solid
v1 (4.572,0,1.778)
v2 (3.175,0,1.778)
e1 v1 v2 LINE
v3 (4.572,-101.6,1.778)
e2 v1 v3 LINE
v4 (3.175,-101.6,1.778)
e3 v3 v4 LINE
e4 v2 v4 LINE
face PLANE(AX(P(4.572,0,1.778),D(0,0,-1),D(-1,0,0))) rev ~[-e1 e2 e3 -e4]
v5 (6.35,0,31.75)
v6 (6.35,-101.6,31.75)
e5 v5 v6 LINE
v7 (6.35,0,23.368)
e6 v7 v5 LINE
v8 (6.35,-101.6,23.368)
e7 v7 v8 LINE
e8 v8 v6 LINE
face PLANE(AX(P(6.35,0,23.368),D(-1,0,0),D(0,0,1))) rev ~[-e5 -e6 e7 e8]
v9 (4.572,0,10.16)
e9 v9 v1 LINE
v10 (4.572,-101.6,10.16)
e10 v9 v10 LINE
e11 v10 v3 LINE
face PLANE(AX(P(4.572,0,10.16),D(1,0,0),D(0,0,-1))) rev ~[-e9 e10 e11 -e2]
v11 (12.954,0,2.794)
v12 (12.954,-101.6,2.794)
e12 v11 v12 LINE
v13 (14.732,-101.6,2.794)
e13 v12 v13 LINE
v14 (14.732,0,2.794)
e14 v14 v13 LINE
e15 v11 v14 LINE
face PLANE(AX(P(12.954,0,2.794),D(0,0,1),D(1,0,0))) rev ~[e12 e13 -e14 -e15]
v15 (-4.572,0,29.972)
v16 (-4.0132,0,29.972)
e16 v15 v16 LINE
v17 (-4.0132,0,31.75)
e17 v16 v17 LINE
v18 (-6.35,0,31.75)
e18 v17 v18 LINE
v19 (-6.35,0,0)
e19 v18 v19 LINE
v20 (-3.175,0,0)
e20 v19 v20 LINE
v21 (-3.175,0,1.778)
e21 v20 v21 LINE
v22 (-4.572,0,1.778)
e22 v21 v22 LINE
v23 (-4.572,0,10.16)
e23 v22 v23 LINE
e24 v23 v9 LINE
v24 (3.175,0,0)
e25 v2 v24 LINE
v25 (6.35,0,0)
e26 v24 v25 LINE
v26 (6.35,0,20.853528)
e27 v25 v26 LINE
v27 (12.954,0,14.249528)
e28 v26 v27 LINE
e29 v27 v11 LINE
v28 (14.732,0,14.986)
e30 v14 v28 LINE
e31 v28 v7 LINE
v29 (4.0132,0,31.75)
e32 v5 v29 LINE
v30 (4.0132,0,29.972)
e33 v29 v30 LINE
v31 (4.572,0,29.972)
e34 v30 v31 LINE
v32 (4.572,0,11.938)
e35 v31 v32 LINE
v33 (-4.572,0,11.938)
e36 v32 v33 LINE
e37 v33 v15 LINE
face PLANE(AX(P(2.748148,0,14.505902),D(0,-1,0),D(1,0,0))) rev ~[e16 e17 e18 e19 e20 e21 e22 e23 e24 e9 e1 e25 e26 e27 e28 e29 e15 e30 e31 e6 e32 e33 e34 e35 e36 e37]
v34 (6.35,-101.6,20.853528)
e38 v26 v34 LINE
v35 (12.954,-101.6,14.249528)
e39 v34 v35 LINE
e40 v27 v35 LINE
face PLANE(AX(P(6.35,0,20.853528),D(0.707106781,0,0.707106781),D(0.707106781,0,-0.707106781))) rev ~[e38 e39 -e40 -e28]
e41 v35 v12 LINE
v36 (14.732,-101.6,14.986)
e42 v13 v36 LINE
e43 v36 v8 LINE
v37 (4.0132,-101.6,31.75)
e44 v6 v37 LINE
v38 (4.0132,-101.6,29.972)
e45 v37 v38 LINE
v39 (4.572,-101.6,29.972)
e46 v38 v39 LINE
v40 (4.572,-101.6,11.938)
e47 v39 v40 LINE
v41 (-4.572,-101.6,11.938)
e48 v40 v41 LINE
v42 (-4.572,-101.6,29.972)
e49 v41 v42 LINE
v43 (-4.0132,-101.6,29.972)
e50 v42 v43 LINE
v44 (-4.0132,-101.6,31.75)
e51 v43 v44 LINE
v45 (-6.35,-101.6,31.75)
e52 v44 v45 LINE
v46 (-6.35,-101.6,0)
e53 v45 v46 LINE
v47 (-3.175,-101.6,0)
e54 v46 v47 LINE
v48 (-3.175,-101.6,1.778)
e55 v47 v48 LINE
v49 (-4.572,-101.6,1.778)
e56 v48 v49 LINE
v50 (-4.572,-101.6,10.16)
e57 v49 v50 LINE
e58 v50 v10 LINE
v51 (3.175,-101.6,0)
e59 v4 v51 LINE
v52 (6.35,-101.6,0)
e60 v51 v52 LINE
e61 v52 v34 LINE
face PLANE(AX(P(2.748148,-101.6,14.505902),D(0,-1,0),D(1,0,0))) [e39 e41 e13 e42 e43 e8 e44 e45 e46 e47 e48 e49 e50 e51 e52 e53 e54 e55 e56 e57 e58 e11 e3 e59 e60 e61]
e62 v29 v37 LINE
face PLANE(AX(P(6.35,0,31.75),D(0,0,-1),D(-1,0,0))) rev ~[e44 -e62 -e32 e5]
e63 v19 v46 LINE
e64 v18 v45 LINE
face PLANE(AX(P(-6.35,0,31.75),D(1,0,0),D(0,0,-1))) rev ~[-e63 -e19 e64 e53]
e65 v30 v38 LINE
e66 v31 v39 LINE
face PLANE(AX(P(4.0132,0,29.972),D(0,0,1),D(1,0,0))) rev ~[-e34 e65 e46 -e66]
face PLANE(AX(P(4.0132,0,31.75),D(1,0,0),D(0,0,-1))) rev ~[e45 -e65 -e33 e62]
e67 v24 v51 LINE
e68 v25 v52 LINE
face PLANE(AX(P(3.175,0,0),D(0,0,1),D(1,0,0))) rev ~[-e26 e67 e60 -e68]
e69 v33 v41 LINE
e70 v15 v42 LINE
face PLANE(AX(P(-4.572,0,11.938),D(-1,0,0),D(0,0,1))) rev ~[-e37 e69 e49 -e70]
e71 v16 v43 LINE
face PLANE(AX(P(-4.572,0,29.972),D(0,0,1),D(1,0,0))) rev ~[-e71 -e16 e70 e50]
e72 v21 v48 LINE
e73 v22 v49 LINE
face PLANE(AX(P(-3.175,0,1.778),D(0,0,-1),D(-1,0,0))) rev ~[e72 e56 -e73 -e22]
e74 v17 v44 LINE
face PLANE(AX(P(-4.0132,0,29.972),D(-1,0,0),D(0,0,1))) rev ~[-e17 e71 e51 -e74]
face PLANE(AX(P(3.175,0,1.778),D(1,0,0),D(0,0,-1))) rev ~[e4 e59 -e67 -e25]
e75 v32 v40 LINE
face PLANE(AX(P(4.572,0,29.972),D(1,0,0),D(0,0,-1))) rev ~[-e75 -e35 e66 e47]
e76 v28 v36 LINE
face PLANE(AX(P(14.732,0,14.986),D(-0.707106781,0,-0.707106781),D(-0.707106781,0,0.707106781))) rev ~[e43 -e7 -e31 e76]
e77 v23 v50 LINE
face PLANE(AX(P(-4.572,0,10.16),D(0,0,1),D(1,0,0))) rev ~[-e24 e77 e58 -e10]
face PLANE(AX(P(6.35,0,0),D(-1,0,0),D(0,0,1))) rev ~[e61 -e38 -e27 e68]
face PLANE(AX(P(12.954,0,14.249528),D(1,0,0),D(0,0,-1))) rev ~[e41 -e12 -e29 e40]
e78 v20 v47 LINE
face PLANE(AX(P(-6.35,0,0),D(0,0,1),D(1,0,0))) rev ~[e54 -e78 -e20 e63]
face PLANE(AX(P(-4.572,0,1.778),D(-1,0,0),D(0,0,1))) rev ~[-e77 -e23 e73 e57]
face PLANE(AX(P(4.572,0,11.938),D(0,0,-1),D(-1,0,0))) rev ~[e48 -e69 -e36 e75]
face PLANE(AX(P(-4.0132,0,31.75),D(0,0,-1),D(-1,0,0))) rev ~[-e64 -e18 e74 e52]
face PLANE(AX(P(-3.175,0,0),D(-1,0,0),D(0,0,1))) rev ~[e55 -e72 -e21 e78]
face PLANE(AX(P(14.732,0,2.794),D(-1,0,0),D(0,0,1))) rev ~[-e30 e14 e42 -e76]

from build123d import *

# Parameters (mm, degrees)
F1_DEPTH = 101.6


with BuildPart() as f1:
    # F0 (on Front) → F1 (new body)
    with BuildSketch(Plane.XZ):
        Polygon((-4.0132, 29.972), (-4.0132, 31.75), (-6.35, 31.75), (-6.35, 0), (-3.175, 0), (-3.175, 1.778), (-4.572, 1.778), (-4.572, 10.16), (4.572, 10.16), (4.572, 1.778), (3.175, 1.778), (3.175, 0), (6.35, 0), (6.35, 20.853528), (12.954, 14.249528), (12.954, 2.794), (14.732, 2.794), (14.732, 14.986), (6.35, 23.368), (6.35, 31.75), (4.0132, 31.75), (4.0132, 29.972), (4.572, 29.972), (4.572, 11.938), (-4.572, 11.938), (-4.572, 29.972), align=None)
    extrude(amount=F1_DEPTH)


solid = f1.part
